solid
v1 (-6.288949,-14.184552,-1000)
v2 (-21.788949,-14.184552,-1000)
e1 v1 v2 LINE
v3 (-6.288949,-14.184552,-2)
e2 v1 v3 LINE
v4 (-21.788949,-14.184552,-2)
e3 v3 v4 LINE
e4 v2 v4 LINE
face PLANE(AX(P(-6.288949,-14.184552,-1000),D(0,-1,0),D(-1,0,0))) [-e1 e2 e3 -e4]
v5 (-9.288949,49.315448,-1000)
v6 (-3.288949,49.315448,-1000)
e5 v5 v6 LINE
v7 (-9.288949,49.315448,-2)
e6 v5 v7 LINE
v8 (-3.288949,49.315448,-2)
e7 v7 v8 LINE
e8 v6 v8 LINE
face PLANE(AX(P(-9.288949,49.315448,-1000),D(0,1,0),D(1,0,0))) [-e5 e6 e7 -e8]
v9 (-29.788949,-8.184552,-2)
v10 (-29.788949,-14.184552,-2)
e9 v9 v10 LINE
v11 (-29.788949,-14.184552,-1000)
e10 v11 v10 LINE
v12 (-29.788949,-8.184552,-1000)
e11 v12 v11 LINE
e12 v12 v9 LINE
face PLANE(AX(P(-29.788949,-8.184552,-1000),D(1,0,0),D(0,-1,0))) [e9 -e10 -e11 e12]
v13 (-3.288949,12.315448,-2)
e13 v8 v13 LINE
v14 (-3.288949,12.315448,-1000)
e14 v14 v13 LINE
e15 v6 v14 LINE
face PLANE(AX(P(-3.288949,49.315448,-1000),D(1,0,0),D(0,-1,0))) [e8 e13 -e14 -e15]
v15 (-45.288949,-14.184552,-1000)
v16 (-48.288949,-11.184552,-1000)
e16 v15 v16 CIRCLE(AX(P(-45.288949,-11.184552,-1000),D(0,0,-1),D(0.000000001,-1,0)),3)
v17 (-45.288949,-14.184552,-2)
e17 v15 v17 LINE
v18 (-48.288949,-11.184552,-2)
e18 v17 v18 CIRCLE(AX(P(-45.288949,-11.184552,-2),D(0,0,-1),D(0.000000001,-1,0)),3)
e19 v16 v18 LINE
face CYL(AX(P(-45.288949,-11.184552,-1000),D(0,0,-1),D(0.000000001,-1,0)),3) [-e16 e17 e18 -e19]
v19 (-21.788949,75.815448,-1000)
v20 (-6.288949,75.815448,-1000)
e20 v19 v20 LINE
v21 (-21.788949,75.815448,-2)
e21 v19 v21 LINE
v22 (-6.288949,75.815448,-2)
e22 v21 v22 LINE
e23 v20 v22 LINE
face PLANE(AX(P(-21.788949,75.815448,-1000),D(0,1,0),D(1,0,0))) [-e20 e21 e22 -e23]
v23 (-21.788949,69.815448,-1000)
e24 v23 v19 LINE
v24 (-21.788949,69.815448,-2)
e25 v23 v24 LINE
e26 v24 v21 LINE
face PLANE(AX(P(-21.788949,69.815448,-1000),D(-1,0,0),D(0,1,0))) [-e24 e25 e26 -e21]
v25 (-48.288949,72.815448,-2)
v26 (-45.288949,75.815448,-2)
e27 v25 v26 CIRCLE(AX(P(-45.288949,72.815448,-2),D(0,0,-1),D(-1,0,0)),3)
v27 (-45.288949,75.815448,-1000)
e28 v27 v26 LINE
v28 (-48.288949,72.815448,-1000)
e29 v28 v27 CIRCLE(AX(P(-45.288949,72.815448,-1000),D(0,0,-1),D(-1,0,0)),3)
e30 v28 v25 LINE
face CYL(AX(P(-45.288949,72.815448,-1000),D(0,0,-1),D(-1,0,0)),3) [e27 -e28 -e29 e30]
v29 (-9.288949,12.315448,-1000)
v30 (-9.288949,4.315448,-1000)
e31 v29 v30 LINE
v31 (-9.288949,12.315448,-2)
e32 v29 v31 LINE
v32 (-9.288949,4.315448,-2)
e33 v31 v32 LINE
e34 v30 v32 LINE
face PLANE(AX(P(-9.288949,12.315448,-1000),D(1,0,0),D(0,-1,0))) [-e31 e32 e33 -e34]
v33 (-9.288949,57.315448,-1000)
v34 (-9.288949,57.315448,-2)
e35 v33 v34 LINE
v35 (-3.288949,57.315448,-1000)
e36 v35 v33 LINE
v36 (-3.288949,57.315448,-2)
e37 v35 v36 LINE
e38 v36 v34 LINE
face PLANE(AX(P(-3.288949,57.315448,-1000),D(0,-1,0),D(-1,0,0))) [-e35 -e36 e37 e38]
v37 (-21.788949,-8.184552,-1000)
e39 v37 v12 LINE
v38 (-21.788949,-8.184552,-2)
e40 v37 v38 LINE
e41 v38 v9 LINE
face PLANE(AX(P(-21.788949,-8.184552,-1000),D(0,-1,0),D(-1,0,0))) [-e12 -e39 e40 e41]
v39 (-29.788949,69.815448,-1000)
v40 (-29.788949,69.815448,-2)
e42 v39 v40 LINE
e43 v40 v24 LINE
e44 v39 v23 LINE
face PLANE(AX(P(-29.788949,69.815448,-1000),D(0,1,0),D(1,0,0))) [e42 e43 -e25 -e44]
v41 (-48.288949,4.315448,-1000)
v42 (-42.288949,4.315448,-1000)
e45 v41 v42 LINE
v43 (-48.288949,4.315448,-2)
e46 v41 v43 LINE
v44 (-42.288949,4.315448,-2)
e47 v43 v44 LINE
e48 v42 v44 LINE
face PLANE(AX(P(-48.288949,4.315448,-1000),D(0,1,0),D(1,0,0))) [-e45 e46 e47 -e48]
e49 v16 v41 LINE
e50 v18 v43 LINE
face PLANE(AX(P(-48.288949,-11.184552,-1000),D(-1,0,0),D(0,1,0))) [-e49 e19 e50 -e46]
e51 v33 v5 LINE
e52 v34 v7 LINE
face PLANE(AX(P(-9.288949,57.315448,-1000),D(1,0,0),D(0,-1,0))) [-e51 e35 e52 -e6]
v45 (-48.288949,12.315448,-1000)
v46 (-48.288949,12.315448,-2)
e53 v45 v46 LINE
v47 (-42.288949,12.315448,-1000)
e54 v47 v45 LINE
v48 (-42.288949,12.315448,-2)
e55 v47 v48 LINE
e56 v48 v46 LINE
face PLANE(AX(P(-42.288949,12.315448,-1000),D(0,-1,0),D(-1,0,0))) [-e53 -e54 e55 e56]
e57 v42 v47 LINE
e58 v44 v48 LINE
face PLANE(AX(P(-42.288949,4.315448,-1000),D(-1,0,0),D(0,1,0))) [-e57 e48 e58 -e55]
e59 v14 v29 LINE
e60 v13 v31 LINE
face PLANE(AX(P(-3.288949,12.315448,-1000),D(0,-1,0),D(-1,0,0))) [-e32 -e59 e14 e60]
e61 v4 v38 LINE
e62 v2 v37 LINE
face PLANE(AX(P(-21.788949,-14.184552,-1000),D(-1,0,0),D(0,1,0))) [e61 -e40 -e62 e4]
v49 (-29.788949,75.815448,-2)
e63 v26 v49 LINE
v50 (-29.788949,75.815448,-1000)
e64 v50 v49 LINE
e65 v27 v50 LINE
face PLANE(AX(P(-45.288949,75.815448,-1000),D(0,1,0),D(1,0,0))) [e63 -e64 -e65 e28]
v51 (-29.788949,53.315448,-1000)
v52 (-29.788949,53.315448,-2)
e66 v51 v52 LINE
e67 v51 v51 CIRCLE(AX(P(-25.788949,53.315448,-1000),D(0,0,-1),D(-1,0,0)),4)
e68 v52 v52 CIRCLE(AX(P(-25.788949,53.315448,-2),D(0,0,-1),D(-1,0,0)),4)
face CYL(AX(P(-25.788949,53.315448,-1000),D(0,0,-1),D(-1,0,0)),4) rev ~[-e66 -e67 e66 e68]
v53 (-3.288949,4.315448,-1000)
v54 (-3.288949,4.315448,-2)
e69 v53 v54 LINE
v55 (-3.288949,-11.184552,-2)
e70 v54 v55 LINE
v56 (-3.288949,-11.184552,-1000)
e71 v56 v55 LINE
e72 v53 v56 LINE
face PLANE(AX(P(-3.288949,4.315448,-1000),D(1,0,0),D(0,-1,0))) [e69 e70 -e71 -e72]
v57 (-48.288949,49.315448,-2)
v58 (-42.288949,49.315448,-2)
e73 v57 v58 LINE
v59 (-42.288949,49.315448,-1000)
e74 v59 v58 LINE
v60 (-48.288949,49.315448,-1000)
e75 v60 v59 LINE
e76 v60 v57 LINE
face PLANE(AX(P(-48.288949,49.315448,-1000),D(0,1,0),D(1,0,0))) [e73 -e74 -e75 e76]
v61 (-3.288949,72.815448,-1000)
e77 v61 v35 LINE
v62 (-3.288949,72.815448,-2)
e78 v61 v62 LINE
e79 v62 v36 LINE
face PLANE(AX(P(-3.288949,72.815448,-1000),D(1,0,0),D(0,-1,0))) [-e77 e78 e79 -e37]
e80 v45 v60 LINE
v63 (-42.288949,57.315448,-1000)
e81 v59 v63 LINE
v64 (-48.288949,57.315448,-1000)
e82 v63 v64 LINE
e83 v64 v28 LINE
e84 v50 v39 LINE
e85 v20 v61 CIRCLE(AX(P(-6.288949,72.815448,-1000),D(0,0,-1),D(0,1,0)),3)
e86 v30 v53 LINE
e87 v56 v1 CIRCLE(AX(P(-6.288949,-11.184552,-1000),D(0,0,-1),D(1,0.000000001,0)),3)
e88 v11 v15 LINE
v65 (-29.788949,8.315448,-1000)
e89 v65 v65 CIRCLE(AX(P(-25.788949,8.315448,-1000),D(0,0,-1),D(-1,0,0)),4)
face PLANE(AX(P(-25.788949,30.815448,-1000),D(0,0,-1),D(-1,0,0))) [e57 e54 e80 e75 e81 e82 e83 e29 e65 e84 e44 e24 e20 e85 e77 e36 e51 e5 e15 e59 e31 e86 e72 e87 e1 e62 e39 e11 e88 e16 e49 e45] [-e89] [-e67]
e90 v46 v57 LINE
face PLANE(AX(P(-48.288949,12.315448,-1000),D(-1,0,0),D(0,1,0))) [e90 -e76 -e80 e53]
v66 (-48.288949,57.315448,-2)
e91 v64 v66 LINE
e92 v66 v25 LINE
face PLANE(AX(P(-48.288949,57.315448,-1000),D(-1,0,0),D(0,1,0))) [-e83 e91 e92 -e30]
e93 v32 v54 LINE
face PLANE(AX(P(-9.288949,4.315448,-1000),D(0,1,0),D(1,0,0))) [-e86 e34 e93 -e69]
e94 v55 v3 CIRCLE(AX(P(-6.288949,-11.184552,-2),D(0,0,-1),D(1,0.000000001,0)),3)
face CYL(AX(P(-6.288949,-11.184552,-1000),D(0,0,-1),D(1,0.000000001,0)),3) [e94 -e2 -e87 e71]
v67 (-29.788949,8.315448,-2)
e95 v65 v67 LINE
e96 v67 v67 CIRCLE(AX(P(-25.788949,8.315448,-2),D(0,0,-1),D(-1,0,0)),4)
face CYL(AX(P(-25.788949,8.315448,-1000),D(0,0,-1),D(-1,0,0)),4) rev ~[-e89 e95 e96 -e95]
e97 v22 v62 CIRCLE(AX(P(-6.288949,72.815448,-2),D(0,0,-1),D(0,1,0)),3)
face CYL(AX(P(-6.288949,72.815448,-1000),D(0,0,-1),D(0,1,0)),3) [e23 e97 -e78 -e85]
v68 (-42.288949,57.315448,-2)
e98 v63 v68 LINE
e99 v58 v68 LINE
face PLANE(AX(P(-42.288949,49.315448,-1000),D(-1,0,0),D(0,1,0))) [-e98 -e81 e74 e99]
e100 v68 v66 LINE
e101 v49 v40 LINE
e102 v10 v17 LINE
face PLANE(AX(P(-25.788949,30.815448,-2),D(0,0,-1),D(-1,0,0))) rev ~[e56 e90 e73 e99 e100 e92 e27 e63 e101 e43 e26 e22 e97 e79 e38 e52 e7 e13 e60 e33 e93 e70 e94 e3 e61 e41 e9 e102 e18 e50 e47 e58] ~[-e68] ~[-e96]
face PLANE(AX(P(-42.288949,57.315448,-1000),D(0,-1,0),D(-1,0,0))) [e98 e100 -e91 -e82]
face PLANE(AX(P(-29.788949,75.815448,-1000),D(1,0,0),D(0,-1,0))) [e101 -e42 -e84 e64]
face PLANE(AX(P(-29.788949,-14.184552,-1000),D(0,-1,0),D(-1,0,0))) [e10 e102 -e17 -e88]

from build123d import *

# Parameters (mm, degrees)
ESQUISSE1_R        = 4
BOSS_EXTRU_1_DEPTH = 998


with BuildPart() as part:
    # Esquisse1 → Boss.-Extru.1 (new body)
    with BuildSketch(Plane(origin=(0, 0, -1000), x_dir=(-1, 0, 0), z_dir=(0, 0, -1))):
        with BuildLine():
            Line((42.288948628, 57.315448094), (48.288948628, 57.315448094))
            Line((48.288948628, 57.315448094), (48.288948628, 72.815448094))
            ThreePointArc((48.288948628, 72.815448094), (47.410268972, 74.936768437), (45.288948628, 75.815448094))
            Line((45.288948628, 75.815448094), (29.788948628, 75.815448094))
            Line((29.788948628, 75.815448094), (29.788948628, 69.815448094))
            Line((29.788948628, 69.815448094), (21.788948628, 69.815448094))
            Line((21.788948628, 69.815448094), (21.788948628, 75.815448094))
            Line((21.788948628, 75.815448094), (6.288948628, 75.815448094))
            ThreePointArc((6.288948628, 75.815448094), (4.167628284, 74.936768437), (3.288948628, 72.815448094))
            Line((3.288948628, 72.815448094), (3.288948628, 57.315448094))
            Line((3.288948628, 57.315448094), (9.288948628, 57.315448094))
            Line((9.288948628, 57.315448094), (9.288948628, 49.315448094))
            Line((9.288948628, 49.315448094), (3.288948628, 49.315448094))
            Line((3.288948628, 49.315448094), (3.288948628, 12.315448094))
            Line((3.288948628, 12.315448094), (9.288948628, 12.315448094))
            Line((9.288948628, 12.315448094), (9.288948628, 4.315448094))
            Line((9.288948628, 4.315448094), (3.288948628, 4.315448094))
            Line((3.288948628, 4.315448094), (3.288948628, -11.184551906))
            ThreePointArc((3.288948628, -11.184551906), (4.167628284, -13.30587225), (6.288948628, -14.184551906))
            Line((6.288948628, -14.184551906), (21.788948628, -14.184551906))
            Line((21.788948628, -14.184551906), (21.788948628, -8.184551906))
            Line((21.788948628, -8.184551906), (29.788948628, -8.184551906))
            Line((29.788948628, -8.184551906), (29.788948628, -14.184551906))
            Line((29.788948628, -14.184551906), (45.288948628, -14.184551906))
            ThreePointArc((45.288948628, -14.184551906), (47.410268972, -13.30587225), (48.288948628, -11.184551906))
            Line((48.288948628, -11.184551906), (48.288948628, 4.315448094))
            Line((48.288948628, 4.315448094), (42.288948628, 4.315448094))
            Line((42.288948628, 4.315448094), (42.288948628, 12.315448094))
            Line((42.288948628, 12.315448094), (48.288948628, 12.315448094))
            Line((48.288948628, 12.315448094), (48.288948628, 49.315448094))
            Line((48.288948628, 49.315448094), (42.288948628, 49.315448094))
            Line((42.288948628, 49.315448094), (42.288948628, 57.315448094))
        make_face()
        with Locations((25.788948628, 53.315448094)):
            Circle(ESQUISSE1_R, mode=Mode.SUBTRACT)
        with Locations((25.788948628, 8.315448094)):
            Circle(ESQUISSE1_R, mode=Mode.SUBTRACT)
    extrude(amount=-BOSS_EXTRU_1_DEPTH)


solid = part.part
